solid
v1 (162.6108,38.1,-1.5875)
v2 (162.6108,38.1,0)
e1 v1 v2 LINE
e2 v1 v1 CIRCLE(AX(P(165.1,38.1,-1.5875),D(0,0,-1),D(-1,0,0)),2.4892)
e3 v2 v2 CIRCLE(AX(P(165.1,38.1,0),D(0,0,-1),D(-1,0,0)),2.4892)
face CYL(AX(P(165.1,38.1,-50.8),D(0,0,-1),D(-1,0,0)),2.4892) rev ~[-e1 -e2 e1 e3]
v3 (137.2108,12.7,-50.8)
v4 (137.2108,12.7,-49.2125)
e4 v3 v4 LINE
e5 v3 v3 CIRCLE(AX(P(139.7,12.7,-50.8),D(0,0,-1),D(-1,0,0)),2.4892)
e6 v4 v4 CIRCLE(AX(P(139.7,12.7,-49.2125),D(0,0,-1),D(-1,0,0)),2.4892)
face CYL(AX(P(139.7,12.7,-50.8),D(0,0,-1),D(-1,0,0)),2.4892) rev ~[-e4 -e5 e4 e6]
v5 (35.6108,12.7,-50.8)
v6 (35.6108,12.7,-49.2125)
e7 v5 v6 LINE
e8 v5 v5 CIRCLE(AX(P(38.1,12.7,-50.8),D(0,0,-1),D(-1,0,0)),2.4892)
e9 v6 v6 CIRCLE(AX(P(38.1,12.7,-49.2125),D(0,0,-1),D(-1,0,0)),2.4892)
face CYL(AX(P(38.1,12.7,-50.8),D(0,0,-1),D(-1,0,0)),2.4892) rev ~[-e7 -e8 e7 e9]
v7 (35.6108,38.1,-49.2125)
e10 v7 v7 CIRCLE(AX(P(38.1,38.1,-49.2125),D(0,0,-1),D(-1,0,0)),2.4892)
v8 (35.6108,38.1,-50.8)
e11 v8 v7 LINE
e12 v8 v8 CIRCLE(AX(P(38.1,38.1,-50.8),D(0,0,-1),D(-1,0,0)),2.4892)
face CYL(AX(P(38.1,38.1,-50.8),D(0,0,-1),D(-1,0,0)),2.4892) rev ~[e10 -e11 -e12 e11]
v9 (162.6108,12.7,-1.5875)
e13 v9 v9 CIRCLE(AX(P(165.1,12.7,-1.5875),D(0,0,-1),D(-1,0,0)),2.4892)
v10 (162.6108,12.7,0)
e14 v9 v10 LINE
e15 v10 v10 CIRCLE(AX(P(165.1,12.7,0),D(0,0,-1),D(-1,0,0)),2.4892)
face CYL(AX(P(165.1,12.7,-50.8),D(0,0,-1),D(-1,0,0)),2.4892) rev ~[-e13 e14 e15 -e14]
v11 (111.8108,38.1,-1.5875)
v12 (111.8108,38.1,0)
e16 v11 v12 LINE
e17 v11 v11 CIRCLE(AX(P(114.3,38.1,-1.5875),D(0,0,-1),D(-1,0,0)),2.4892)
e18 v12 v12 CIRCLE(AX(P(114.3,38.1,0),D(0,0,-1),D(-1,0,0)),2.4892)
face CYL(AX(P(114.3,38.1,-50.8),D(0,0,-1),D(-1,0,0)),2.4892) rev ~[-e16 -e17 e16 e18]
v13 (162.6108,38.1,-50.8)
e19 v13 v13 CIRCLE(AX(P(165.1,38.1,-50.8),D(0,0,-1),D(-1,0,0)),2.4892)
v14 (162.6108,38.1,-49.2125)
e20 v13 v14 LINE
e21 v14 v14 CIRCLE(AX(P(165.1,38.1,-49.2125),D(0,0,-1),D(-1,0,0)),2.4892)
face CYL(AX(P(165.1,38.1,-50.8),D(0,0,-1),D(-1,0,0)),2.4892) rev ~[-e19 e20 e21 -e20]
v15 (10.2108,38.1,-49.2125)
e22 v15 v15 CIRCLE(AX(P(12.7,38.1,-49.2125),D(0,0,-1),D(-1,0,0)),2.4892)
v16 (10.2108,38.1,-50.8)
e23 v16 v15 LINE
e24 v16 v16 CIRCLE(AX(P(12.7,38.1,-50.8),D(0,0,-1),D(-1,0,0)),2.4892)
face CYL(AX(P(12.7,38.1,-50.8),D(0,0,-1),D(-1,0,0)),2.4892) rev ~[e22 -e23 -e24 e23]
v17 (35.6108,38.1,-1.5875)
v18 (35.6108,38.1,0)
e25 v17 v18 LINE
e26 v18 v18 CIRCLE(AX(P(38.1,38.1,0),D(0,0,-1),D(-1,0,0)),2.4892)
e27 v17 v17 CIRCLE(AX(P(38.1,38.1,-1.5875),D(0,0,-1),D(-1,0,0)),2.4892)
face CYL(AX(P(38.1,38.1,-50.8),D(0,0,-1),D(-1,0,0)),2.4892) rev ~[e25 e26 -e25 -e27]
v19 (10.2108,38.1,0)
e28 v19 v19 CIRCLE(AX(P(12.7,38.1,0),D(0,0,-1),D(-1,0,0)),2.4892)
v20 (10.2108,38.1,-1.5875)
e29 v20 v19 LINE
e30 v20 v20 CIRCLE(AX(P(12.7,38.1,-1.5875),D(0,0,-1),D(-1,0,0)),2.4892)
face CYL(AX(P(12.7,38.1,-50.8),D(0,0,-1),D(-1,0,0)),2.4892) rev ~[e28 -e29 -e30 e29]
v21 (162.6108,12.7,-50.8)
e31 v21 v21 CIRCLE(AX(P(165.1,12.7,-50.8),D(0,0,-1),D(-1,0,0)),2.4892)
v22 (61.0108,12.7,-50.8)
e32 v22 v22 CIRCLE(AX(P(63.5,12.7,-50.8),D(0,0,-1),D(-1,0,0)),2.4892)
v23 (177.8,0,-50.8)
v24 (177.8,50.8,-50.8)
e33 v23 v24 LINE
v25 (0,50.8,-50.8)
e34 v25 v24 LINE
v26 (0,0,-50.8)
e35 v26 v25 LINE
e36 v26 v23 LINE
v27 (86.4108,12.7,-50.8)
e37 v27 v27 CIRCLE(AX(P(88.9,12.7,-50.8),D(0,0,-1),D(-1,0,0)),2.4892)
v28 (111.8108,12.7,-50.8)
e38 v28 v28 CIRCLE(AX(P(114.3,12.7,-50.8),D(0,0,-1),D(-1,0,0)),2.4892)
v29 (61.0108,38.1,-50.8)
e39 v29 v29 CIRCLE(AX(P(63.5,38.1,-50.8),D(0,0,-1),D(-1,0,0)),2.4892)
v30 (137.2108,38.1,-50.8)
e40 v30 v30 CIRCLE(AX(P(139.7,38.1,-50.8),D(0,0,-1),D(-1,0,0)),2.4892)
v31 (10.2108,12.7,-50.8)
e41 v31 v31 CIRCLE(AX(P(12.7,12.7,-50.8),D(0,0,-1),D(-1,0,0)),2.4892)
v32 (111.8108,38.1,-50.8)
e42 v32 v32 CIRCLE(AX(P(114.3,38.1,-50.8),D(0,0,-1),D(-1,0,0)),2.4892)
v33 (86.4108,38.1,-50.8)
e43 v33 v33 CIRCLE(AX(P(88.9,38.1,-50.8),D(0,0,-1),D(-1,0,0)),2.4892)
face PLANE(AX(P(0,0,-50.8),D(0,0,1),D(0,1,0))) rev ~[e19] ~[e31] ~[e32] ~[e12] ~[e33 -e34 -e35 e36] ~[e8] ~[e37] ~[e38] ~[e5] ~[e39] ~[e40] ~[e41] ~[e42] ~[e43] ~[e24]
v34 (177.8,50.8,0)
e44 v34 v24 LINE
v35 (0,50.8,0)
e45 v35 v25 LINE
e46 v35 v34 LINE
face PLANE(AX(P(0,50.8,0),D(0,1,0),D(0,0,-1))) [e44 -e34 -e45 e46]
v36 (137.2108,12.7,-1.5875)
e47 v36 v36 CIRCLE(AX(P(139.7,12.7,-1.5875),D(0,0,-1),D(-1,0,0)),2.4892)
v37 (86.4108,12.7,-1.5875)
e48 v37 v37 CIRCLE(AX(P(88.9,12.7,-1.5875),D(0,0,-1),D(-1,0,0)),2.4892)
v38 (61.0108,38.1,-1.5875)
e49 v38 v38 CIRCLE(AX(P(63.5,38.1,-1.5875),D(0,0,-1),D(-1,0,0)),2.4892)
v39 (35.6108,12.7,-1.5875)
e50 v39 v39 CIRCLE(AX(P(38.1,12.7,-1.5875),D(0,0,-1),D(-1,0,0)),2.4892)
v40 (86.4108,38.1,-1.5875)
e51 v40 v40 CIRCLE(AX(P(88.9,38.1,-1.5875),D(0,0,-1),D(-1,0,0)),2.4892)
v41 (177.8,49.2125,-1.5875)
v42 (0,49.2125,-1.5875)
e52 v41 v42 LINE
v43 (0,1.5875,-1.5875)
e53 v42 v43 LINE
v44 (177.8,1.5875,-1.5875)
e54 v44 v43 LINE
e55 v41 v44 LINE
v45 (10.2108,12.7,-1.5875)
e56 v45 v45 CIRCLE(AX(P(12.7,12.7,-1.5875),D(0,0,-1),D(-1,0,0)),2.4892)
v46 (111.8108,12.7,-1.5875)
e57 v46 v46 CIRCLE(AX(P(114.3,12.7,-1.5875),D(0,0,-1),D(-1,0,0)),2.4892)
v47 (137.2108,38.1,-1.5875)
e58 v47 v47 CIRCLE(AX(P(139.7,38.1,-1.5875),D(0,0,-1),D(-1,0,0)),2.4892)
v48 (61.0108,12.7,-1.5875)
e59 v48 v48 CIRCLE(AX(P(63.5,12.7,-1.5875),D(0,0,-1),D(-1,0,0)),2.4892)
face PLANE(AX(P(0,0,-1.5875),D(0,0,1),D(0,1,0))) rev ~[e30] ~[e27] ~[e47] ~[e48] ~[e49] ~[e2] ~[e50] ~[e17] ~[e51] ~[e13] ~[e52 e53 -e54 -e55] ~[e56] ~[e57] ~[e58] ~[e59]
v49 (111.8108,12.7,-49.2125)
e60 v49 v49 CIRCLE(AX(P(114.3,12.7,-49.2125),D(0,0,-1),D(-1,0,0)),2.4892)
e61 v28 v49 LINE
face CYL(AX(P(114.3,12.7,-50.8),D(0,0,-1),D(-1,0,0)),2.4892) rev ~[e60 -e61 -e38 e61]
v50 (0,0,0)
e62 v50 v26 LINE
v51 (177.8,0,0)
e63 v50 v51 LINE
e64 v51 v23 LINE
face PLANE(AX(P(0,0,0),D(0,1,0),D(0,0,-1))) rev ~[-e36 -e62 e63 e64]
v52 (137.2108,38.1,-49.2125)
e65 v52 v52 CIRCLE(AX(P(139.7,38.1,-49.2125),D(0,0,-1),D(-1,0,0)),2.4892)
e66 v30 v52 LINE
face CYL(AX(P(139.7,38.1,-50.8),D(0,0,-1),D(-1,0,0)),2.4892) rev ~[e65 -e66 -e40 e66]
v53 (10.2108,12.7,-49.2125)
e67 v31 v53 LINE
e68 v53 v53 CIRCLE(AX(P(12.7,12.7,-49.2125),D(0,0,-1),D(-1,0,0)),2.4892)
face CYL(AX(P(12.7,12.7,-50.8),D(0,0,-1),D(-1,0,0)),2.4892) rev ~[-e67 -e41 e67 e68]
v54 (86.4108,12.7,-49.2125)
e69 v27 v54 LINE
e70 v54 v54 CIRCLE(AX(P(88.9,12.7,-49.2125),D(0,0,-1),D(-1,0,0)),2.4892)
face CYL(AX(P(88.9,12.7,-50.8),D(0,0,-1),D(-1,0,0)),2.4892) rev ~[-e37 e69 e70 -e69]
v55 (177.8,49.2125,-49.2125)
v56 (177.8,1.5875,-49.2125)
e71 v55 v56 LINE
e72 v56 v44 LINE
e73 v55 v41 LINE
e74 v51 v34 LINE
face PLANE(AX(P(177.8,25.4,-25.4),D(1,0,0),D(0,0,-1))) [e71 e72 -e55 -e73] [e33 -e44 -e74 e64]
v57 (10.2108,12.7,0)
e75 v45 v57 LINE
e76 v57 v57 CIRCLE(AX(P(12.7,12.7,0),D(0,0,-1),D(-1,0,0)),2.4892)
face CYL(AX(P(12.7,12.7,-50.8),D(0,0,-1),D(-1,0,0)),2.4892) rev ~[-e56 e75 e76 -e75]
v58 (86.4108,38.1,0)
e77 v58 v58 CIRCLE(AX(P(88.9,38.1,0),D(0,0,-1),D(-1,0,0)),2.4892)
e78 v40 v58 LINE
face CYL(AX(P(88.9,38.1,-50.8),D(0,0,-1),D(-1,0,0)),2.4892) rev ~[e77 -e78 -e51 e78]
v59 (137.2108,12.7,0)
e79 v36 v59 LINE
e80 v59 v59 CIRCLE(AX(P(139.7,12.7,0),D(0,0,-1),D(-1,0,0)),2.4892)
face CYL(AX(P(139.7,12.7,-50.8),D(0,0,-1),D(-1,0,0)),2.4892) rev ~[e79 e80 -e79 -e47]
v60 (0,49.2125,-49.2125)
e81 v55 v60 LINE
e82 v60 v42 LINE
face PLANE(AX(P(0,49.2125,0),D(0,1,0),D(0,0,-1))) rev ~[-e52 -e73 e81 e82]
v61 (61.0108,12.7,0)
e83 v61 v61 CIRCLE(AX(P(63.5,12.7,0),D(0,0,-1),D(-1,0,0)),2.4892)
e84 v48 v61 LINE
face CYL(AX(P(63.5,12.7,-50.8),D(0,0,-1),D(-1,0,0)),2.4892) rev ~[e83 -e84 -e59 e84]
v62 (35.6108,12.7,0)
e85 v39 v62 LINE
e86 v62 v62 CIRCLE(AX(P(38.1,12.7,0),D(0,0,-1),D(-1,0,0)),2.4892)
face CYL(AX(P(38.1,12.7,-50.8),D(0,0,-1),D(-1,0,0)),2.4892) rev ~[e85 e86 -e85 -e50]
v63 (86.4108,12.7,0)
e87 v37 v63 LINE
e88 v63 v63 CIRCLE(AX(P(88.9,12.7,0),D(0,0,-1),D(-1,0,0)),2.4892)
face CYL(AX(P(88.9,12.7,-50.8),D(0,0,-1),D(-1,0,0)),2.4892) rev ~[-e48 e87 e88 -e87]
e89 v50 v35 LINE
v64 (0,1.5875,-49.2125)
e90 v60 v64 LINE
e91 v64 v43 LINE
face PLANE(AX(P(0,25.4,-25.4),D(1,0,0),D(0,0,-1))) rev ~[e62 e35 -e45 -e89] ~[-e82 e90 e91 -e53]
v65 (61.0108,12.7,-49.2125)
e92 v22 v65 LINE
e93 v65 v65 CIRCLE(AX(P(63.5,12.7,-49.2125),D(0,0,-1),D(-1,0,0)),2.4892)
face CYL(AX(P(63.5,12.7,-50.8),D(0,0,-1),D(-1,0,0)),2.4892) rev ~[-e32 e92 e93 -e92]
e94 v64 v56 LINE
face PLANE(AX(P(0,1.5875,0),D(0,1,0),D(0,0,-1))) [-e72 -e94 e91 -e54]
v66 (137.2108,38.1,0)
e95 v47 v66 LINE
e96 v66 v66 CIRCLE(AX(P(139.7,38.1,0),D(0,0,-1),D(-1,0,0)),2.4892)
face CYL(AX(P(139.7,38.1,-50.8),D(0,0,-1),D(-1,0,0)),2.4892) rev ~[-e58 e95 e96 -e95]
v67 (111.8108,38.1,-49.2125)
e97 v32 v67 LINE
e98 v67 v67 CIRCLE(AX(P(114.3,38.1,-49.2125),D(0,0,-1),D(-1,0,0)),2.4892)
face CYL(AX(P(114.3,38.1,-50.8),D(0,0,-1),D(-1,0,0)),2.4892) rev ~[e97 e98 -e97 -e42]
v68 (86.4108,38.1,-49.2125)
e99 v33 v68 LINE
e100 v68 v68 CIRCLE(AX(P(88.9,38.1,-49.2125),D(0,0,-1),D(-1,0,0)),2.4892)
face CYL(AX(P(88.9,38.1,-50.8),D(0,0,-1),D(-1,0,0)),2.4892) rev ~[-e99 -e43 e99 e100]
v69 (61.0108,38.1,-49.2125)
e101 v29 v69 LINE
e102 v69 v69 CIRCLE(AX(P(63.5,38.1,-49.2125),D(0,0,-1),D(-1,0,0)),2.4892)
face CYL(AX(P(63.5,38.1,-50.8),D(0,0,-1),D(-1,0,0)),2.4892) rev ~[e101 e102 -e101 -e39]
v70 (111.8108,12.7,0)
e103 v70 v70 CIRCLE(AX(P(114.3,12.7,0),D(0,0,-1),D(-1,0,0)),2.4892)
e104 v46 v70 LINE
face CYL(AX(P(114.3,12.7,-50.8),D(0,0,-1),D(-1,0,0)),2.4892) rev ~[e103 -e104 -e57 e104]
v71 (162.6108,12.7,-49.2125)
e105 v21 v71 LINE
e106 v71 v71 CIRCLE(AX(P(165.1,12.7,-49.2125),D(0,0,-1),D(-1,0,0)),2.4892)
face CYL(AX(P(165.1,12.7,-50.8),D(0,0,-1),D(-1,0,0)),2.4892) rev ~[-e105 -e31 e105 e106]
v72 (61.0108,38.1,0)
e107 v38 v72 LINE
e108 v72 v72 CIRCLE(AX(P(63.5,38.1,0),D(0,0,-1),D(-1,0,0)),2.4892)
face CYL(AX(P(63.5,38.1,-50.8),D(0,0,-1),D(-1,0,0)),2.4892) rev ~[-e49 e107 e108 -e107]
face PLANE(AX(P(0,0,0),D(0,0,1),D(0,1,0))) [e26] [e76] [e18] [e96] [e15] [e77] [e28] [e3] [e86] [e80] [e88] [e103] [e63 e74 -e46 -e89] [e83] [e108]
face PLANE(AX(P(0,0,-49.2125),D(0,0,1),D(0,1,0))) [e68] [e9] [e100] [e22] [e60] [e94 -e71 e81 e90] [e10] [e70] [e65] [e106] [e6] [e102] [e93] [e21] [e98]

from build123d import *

# Parameters (mm, degrees)
SKETCH1_W           = 50.8
SKETCH1_H           = 50.8
BOSS_EXTRUDE1_DEPTH = 177.8
SHELL1_T            = -1.5875
SKETCH2_R           = 2.4892
CUT_EXTRUDE1_DEPTH  = 192.765794656
LPATTERN1_COUNT     = 7
LPATTERN1_PITCH     = 25.4


with BuildPart() as part:
    # Sketch1 → Boss-Extrude1 (new body)
    with BuildSketch(Plane(origin=(0, 0, 0), x_dir=(0, 0, -1), z_dir=(1, 0, 0))):
        with Locations((25.4, 25.4)):
            Rectangle(SKETCH1_W, SKETCH1_H)
    extrude(amount=BOSS_EXTRUDE1_DEPTH)

    # Shell1
    shell1_openings = [part.faces().sort_by_distance(p)[0] for p in [
        (177.8, 25.4, -25.4),
        (0, 25.4, -25.4),
    ]]
    offset(amount=SHELL1_T, openings=shell1_openings, kind=Kind.INTERSECTION)

    # Sketch2 → Cut-Extrude1 (cut, through all)
    with BuildSketch(Plane(origin=(0, 0, -50.8), x_dir=(-1, 0, 0), z_dir=(0, 0, -1))):
        with Locations((-12.7, 12.7)):
            Circle(SKETCH2_R)
        with Locations((-12.7, 38.1)):
            Circle(SKETCH2_R)
    cut_extrude1 = extrude(amount=-CUT_EXTRUDE1_DEPTH, mode=Mode.SUBTRACT)

    # LPattern1: Cut-Extrude1 ×7
    with Locations(*[(i * LPATTERN1_PITCH, 0, 0) for i in range(1, LPATTERN1_COUNT)]):
        add(cut_extrude1, mode=Mode.SUBTRACT)


solid = part.part
